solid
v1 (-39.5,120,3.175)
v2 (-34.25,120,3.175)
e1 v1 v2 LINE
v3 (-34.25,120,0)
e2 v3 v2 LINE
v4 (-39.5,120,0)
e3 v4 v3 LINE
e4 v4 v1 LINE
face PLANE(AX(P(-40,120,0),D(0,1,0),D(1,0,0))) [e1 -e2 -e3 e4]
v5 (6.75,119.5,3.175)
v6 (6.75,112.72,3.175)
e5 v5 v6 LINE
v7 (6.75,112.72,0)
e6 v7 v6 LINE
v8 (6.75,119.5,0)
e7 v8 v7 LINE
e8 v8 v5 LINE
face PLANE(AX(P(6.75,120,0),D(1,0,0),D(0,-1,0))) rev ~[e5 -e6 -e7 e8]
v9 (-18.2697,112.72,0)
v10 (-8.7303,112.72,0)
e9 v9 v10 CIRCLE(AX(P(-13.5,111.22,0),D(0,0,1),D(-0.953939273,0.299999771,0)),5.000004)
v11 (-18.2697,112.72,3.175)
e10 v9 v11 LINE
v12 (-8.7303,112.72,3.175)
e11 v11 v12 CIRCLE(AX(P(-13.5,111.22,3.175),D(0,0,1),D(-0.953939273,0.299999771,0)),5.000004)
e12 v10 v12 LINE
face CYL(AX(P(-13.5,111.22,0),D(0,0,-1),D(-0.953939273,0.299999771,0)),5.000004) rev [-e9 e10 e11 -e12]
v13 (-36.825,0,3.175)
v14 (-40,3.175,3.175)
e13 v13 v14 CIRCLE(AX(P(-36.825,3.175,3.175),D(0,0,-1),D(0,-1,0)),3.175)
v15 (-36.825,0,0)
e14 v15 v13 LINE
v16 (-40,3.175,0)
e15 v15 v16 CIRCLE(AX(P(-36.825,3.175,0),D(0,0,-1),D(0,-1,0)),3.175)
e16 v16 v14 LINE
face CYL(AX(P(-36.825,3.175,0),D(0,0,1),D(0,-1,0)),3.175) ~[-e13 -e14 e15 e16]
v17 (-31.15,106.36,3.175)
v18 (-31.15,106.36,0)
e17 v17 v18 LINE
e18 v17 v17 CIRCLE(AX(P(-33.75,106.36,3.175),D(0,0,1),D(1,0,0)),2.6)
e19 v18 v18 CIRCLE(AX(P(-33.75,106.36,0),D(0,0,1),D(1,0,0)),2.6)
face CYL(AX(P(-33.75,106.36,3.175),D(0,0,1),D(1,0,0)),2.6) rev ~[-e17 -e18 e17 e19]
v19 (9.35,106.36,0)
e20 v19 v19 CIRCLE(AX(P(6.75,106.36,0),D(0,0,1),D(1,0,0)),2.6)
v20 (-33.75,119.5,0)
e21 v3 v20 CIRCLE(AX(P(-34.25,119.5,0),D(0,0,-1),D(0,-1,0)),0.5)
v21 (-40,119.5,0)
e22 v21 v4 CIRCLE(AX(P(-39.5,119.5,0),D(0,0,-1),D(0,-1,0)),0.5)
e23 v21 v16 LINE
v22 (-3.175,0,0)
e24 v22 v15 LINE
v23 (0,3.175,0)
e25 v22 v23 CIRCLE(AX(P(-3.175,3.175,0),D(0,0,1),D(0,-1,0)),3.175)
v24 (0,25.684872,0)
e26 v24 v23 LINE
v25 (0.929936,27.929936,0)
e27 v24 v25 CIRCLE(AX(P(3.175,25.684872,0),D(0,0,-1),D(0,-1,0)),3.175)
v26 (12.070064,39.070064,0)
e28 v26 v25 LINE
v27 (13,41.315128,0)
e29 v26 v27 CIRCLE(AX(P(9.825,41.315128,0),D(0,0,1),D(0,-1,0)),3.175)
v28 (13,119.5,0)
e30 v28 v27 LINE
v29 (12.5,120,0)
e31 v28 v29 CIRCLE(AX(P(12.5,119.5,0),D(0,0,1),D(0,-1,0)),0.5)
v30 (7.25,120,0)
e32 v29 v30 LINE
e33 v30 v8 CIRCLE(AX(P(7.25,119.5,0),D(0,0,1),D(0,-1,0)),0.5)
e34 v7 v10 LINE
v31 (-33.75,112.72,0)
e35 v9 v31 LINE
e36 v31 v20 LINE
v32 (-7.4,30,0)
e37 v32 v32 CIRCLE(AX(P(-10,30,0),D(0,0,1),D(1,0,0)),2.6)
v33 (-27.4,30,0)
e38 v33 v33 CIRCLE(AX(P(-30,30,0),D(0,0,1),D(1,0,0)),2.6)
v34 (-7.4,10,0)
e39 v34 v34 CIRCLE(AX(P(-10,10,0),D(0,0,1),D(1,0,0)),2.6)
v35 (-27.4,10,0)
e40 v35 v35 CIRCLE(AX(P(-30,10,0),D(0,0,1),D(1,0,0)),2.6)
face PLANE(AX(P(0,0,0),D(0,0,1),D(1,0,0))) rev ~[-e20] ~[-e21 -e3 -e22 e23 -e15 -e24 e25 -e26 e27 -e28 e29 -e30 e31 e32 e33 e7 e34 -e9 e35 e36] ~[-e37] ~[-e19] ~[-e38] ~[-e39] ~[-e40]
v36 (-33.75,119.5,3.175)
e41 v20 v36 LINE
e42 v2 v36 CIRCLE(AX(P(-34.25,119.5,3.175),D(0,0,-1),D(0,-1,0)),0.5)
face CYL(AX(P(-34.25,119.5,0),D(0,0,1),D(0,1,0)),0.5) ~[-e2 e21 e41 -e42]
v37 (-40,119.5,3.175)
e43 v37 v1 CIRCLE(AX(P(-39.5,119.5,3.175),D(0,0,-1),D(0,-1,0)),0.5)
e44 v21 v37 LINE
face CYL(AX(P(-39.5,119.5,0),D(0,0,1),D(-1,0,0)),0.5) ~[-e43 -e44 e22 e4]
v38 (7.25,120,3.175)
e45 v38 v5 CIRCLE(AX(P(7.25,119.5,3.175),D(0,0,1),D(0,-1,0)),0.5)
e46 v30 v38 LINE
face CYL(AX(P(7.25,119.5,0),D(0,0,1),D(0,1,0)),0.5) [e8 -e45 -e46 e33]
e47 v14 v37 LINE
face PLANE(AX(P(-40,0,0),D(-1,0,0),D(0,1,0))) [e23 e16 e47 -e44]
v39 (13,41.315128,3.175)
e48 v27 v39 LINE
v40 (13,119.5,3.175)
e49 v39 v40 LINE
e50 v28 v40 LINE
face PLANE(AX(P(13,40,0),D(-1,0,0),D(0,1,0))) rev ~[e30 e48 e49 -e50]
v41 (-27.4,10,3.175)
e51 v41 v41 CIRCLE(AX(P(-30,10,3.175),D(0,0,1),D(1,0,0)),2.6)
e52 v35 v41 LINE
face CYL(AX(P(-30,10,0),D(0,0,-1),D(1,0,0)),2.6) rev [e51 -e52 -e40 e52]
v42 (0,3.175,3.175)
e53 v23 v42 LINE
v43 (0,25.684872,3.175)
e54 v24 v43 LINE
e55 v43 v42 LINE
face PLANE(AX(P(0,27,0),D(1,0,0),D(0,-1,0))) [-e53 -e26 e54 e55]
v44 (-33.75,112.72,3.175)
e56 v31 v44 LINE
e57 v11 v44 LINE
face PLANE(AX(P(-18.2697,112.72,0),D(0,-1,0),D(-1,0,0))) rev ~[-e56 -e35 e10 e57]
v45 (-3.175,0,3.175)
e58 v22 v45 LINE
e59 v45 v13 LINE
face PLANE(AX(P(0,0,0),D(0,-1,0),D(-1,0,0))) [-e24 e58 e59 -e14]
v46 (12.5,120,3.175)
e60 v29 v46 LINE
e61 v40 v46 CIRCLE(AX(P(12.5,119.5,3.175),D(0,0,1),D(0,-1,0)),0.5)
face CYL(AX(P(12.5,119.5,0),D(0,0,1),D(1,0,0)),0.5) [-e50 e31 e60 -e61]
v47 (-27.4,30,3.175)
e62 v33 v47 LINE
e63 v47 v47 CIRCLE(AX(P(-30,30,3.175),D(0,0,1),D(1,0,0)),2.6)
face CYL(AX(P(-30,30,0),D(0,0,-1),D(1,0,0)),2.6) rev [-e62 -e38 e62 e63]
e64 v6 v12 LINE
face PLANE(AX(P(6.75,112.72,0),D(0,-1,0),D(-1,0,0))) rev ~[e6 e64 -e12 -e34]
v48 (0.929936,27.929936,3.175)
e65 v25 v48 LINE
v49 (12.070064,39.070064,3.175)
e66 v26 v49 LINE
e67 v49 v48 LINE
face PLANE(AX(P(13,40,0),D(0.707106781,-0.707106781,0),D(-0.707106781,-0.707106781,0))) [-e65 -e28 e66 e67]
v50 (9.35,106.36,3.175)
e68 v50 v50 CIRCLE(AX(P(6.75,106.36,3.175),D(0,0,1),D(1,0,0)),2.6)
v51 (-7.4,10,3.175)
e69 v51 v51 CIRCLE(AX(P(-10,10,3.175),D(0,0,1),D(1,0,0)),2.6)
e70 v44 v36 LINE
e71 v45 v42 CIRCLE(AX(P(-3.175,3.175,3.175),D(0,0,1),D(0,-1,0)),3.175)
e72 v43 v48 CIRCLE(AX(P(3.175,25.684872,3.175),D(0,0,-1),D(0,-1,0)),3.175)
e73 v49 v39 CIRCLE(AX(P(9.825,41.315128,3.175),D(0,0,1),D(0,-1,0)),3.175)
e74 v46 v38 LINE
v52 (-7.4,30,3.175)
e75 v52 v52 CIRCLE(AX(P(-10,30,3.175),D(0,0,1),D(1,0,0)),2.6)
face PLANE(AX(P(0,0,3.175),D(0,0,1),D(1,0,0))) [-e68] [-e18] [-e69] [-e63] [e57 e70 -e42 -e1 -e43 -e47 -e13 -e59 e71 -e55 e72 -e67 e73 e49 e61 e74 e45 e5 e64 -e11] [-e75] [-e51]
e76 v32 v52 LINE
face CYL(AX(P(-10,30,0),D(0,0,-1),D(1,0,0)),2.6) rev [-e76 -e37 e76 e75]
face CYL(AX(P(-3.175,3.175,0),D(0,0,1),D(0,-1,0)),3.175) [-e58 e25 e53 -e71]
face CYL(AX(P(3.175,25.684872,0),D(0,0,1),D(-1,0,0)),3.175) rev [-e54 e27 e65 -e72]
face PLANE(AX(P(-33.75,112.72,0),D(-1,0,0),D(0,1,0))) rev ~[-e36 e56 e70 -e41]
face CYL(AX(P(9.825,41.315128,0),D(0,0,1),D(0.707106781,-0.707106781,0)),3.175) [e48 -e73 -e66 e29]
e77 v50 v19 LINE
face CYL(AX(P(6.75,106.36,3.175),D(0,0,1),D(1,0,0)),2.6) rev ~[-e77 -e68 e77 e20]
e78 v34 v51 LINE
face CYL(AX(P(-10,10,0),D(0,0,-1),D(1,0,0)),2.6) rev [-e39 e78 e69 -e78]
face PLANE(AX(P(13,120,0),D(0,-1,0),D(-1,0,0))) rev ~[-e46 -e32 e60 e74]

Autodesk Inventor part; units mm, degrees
ref_plane "YZ Plane" through (0, 0, 0) normal (1, 0, 0) x (0, 1, 0)
ref_plane "XZ Plane" through (0, 0, 0) normal (0, 1, 0) x (-1, 0, 0)
ref_plane "XY Plane" through (0, 0, 0) normal (0, 0, 1) x (1, 0, 0)
sketch "Sketch1" plane through (0, 0, 0) normal (0, 0, 1) x (1, 0, 0)
  line L0 (0, 0) -> (-40, 0)
  line L1 (-40, 0) -> (-40, 40)
  line L2 (-40, 40) -> (0, 40)
  line L3 (0, 40) -> (0, 0)
  line L4 (-30, 30) -> (-10, 30) construction
  line L5 (-10, 30) -> (-10, 10) construction
  line L6 (-10, 10) -> (-30, 10) construction
  line L7 (-30, 10) -> (-30, 30) construction
  line L8 (-30, 30) -> (-40, 30) construction
  line L9 (-10, 10) -> (0, 10) construction
  circle A0 centre (-30, 30) radius 2.6
  circle A1 centre (-10, 30) radius 2.6
  circle A2 centre (-10, 10) radius 2.6
  circle A3 centre (-30, 10) radius 2.6
  line L10 (-40, 40) -> (13, 40)
  line L11 (13, 40) -> (13, 100)
  line L12 (13, 100) -> (-40, 100)
  line L13 (-40, 100) -> (-40, 40)
  line L14 (13, 40) -> (0, 27)
  line L15 (-40, 100) -> (13, 100)
  line L16 (13, 100) -> (13, 120)
  line L17 (-40, 120) -> (-40, 100)
  line L18 (6.75, 120) -> (6.75, 112.72)
  line L19 (6.75, 112.72) -> (-33.75, 112.72)
  line L20 (-33.75, 112.72) -> (-33.75, 120)
  line L21 (-33.75, 112.72) -> (-40, 112.72) construction
  line L22 (6.75, 112.72) -> (13, 112.72) construction
  line L23 (-40, 120) -> (-33.75, 120)
  line L24 (13, 120) -> (6.75, 120)
  line L25 (-13.5, 112.72) -> (-13.5, 111.22) construction
  arc A4 (-18.2697, 112.72) -> (-8.7303, 112.72) centre (-13.5, 111.22) ccw
  dimension "d0" = 40
  dimension "d1" = 40
  dimension "d2" = 5.2
  dimension "d3" = 5.2
  dimension "d4" = 5.2
  dimension "d5" = 5.2
  dimension "d6" = 20
  dimension "d7" = 20
  dimension "d8" = 10
  dimension "d9" = 60
  dimension "d10" = 53
  dimension "d11" = 45
  dimension "d12" = 20
  dimension "d13" = 40.5
  dimension "d14" = 7.28
  dimension "d15" = 1.5
  dimension "d16" = 10
  dimension "d17" = 20
extrude "Extrusion1" add sketch "Sketch1" along normal blind 3.175 contours L0 L1 L2 L3 | L3 L10 L14 | L13 L12 L11 L10 L2 | L17 L23 L20 L19 A4 L18 L24 L16 L12
fillet "Fillet1" radius 3.175 4 edges at (0, 0, 1.5875) (-40, 0, 1.5875) (0, 27, 1.5875) (13, 40, 1.5875)
fillet "Fillet2" radius 0.5 4 edges at (13, 120, 1.5875) (-40, 120, 1.5875) (-33.75, 120, 1.5875) (6.75, 120, 1.5875)
sketch "Sketch2" plane through (0, 0, 3.175) normal (0, 0, 1) x (1, 0, 0)
  line L0 (13, 41.3151) -> (13, 119.5) construction
  line L1 (-40, 121.004) -> (13, 121.004) construction
  line L2 (13, 121.004) -> (13, 101.004) construction
  line L3 (13, 101.004) -> (-40, 101.004) construction
  line L4 (-40, 101.004) -> (-40, 121.004) construction
  circle A0 centre (-33.75, 106.36) radius 2.6
  circle A1 centre (6.75, 106.36) radius 2.6
  line L5 (-18.2697, 112.72) -> (-33.75, 112.72) construction
  line L6 (-33.75, 106.36) -> (-33.75, 112.72) construction
  line L7 (6.75, 112.72) -> (-8.7303, 112.72) construction
  line L8 (6.75, 106.36) -> (6.75, 112.72) construction
  point P0 (0, 0)
  dimension "d22" = 20
  dimension "d23" = 5.2
  dimension "d24" = 5.2
  dimension "d25" = 6.36
  dimension "d26" = 6.36
extrude "Extrusion2" cut sketch "Sketch2" against normal up to next
equation "\"d3\" = d2"
equation "\"d4\" = d2"
equation "\"d5\" = d2"
equation "\"d24\" = d23"
equation "\"d26\" = d25"
properties part number "X Axis Statonary Composite Belt Holder RIGHT"
